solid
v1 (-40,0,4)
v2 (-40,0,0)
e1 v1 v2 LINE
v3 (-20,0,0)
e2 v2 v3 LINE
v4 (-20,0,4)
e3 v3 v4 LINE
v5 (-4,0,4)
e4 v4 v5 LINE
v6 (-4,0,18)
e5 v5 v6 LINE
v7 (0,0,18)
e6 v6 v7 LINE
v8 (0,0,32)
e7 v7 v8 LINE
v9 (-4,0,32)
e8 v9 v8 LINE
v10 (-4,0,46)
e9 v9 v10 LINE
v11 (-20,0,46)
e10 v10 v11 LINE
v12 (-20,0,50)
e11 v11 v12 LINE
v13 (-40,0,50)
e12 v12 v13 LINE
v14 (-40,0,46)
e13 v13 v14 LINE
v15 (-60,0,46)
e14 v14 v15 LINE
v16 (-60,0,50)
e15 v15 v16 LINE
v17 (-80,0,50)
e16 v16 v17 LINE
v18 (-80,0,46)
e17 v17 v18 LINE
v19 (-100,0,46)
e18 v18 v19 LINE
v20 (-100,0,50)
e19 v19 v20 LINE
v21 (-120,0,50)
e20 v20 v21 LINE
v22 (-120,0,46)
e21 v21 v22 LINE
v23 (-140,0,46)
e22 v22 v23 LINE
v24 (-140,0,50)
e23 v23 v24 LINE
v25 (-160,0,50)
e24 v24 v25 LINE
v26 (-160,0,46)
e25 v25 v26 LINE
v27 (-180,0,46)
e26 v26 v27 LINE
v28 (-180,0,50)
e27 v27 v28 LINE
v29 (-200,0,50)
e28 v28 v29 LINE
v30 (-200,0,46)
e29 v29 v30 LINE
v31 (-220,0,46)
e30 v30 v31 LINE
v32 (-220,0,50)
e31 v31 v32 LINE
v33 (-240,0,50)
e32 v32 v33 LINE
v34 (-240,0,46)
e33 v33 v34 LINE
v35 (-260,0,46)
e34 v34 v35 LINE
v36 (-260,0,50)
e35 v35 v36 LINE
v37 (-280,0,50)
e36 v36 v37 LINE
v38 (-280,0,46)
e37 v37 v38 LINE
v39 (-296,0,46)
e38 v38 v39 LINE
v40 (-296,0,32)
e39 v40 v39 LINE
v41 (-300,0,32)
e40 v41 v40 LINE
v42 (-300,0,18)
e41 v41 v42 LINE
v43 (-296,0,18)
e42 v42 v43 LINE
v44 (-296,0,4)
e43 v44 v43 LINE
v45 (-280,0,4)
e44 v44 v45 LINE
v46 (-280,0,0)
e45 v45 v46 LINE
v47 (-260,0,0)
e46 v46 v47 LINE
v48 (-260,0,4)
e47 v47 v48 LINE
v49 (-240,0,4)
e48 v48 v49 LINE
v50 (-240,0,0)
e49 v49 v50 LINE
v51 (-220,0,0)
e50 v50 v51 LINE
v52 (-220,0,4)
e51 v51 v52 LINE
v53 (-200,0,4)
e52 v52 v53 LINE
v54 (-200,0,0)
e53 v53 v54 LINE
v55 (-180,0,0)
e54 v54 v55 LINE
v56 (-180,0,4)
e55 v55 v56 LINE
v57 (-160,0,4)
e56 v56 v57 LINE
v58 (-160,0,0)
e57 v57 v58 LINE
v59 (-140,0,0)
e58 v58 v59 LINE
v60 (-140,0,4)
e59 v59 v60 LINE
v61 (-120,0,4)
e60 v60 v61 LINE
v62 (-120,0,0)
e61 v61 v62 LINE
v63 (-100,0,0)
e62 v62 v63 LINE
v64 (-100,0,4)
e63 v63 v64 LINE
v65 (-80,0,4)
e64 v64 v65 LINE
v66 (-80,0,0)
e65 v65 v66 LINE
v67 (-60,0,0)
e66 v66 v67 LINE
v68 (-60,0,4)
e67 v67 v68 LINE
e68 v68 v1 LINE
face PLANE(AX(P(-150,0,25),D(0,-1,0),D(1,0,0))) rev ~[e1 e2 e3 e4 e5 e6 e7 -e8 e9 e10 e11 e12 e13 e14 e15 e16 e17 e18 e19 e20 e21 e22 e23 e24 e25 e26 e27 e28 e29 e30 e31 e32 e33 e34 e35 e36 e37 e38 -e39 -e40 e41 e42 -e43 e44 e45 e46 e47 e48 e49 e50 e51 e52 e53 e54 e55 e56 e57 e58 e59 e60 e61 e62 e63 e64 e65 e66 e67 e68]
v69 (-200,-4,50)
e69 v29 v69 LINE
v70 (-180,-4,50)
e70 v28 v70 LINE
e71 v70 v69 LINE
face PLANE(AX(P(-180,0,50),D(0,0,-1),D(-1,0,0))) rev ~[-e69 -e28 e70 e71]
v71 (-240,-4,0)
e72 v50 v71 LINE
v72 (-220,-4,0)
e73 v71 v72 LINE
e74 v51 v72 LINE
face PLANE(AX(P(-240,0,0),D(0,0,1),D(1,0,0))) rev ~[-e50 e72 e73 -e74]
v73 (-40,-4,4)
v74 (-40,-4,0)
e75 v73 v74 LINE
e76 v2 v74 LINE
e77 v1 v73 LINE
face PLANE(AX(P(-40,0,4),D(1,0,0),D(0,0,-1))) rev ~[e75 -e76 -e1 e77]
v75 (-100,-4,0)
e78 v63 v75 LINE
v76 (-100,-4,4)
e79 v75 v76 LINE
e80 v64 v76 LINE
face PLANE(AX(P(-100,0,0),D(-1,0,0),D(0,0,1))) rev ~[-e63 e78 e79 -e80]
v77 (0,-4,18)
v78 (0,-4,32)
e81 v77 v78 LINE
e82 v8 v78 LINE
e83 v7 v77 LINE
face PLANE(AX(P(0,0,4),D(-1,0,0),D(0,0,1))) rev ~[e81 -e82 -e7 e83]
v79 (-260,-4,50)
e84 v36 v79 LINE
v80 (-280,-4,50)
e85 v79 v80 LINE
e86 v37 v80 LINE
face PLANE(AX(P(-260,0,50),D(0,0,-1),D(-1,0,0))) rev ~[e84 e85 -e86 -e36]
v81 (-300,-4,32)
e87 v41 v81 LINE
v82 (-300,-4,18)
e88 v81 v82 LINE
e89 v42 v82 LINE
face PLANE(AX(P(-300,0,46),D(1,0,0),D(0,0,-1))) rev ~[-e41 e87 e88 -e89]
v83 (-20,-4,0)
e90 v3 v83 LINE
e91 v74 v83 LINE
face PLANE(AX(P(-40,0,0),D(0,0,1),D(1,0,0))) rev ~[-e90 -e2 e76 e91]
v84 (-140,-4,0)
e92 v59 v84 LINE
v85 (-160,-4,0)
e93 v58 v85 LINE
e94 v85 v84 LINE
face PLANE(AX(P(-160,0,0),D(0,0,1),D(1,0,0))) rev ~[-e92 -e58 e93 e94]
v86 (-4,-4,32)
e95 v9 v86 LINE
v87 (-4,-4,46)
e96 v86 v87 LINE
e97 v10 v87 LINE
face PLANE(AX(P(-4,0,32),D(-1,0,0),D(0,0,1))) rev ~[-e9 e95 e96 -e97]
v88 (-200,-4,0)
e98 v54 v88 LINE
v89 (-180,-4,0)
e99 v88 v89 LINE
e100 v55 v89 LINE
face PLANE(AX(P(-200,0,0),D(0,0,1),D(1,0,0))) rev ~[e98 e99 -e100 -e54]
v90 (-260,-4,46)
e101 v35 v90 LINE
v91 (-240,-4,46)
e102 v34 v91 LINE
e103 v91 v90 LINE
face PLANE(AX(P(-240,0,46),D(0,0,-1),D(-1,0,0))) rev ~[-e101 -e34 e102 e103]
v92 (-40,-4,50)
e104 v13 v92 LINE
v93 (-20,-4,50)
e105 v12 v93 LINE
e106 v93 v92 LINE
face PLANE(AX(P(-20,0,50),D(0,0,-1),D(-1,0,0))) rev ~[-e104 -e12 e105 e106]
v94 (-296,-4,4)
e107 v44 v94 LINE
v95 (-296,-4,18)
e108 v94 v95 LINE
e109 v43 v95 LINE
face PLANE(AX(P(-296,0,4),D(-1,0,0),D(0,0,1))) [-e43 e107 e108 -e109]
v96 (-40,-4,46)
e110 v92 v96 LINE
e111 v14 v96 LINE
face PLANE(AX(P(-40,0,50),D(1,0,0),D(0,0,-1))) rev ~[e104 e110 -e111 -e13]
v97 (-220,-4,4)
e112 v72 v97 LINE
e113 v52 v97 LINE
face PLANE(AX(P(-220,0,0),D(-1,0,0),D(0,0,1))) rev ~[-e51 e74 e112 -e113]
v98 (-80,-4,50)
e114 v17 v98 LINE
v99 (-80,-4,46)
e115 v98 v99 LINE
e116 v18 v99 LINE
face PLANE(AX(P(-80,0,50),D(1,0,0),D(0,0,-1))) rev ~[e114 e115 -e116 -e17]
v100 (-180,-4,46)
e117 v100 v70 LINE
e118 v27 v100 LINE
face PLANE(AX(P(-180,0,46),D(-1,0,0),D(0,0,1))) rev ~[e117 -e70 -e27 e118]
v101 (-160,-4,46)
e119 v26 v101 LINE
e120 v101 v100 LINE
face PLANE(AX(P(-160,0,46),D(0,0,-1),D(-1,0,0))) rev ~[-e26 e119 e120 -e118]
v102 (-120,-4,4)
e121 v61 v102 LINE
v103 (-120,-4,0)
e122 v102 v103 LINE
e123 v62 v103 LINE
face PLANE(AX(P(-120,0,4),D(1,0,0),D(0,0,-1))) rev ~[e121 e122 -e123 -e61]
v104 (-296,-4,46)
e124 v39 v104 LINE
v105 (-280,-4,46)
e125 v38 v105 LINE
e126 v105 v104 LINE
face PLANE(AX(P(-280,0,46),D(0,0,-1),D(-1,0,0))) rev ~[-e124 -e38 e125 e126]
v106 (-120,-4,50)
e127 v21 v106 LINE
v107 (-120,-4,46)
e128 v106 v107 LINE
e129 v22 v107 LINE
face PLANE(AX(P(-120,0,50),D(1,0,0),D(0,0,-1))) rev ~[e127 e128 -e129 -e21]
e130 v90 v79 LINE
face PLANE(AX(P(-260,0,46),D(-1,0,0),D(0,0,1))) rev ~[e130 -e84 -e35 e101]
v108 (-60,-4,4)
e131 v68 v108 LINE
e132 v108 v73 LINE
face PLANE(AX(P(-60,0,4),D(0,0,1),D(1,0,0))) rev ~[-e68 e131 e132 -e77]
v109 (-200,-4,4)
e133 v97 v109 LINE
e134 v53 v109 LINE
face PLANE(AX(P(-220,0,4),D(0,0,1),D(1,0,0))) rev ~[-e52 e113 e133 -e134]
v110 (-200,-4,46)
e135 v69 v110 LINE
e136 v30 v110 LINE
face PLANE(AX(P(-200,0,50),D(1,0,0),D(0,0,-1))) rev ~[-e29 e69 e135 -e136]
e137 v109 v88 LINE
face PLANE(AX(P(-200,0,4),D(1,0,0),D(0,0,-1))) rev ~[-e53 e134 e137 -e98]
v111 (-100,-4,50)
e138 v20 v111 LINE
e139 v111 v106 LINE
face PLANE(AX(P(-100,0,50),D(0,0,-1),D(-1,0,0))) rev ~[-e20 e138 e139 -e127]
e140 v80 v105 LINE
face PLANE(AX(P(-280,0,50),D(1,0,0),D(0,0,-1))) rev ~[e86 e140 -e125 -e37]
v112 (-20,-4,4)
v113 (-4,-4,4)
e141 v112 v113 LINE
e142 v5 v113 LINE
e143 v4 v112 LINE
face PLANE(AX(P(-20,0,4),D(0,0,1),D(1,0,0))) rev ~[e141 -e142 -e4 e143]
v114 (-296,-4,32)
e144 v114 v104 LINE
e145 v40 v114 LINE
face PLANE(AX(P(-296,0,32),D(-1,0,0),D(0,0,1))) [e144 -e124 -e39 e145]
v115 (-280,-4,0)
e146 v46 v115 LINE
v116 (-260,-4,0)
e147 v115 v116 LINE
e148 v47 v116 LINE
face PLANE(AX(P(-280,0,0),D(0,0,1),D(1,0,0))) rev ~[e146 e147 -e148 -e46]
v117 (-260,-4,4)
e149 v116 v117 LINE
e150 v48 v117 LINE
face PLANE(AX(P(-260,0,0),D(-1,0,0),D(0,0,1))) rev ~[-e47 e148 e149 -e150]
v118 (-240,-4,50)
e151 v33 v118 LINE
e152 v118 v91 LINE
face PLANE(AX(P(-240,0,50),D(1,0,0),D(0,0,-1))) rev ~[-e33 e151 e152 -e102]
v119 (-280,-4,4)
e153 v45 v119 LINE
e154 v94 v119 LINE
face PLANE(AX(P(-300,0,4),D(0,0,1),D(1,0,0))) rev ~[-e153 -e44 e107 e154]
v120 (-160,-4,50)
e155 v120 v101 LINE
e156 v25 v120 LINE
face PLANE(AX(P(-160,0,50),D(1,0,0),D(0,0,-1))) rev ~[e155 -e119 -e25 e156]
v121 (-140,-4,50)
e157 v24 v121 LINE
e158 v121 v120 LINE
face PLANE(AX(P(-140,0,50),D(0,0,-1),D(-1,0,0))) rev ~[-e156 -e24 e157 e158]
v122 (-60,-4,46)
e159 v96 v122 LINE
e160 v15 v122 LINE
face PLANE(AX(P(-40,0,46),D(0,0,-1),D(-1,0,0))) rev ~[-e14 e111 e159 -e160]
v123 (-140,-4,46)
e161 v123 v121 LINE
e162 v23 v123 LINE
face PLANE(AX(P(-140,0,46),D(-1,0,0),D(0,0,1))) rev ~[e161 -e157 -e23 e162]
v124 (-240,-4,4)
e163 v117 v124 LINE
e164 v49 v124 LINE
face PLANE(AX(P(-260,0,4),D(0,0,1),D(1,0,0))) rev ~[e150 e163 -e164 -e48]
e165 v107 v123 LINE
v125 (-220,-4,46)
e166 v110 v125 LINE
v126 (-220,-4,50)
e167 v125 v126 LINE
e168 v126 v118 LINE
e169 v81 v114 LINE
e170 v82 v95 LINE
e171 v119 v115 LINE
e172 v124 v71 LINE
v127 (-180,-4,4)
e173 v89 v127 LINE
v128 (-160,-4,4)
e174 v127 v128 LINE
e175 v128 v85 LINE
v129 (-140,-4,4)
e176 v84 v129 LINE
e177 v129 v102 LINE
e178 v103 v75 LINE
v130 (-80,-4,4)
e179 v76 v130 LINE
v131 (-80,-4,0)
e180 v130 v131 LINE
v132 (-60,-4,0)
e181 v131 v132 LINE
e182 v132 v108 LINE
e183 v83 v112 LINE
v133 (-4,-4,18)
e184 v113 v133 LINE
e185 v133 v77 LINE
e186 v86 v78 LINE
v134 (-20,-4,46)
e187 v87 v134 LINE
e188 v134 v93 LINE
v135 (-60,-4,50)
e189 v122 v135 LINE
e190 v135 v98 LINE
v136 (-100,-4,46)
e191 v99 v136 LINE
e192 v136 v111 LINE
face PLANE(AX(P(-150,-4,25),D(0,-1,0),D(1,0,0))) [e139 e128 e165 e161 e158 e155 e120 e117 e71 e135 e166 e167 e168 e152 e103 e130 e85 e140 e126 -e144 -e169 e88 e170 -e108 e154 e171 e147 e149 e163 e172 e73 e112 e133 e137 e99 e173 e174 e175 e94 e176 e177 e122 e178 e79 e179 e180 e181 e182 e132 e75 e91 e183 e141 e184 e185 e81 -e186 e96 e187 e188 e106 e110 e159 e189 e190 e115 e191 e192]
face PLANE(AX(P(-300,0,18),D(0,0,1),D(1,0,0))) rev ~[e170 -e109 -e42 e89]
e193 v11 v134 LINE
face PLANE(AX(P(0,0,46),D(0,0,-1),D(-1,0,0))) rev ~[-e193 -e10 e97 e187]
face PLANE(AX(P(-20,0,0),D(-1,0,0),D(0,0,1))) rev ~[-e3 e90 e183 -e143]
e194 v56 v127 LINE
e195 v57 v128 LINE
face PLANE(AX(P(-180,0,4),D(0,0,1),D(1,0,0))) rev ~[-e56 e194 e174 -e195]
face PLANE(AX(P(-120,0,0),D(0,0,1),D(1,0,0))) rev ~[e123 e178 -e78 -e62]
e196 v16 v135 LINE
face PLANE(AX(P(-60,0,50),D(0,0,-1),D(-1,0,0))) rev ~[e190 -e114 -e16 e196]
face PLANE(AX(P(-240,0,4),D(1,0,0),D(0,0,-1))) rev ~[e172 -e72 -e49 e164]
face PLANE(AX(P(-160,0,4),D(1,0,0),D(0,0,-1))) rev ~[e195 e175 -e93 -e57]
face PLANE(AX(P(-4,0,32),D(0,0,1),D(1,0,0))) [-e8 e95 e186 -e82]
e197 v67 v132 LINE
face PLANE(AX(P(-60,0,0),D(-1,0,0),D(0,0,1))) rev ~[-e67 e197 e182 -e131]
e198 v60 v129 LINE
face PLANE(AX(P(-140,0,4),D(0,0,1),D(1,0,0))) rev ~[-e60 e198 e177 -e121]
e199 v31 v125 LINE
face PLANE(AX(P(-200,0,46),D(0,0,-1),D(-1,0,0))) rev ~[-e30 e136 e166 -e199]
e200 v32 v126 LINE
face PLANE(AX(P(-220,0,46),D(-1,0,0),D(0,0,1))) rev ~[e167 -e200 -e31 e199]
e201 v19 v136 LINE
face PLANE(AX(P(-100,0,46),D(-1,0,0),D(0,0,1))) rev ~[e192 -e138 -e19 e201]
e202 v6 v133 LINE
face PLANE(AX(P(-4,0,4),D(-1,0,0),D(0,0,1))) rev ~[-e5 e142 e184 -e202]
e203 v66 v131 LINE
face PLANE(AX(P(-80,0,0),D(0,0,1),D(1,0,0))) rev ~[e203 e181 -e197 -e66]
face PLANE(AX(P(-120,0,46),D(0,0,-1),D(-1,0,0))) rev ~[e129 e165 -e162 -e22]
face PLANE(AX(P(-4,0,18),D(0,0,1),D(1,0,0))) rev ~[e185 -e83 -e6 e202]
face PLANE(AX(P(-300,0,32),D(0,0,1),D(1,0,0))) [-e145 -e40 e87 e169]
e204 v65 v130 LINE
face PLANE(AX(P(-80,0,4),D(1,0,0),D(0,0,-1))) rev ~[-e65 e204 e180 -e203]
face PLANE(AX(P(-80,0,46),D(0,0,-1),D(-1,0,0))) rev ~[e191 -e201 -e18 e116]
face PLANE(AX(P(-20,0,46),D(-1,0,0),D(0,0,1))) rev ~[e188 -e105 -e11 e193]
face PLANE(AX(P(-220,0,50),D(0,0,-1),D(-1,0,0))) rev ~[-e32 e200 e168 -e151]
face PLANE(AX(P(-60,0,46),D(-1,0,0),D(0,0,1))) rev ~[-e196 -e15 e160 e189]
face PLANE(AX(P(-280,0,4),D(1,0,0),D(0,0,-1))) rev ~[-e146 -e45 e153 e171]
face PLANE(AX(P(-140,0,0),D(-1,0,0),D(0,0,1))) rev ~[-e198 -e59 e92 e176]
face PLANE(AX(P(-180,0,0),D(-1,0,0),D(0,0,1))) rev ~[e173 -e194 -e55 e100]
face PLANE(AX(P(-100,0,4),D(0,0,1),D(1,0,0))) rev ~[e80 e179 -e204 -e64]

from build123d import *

# Parameters (mm, degrees)
F1_DEPTH = 4
F2_W     = 4
F2_H     = 14
F3_DEPTH = 4


with BuildPart() as f1:
    # F0 (on Front) → F1 (new body)
    with BuildSketch(Plane.XZ):
        Polygon((-40, 0), (-20, 0), (-20, 4), (0, 4), (0, 46), (-20, 46), (-20, 50), (-40, 50), (-40, 46), (-60, 46), (-60, 50), (-80, 50), (-80, 46), (-100, 46), (-100, 50), (-120, 50), (-120, 46), (-140, 46), (-140, 50), (-160, 50), (-160, 46), (-180, 46), (-180, 50), (-200, 50), (-200, 46), (-220, 46), (-220, 50), (-240, 50), (-240, 46), (-260, 46), (-260, 50), (-280, 50), (-280, 46), (-300, 46), (-300, 4), (-280, 4), (-280, 0), (-260, 0), (-260, 4), (-240, 4), (-240, 0), (-220, 0), (-220, 4), (-200, 4), (-200, 0), (-180, 0), (-180, 4), (-160, 4), (-160, 0), (-140, 0), (-140, 4), (-120, 4), (-120, 0), (-100, 0), (-100, 4), (-80, 4), (-80, 0), (-60, 0), (-60, 4), (-40, 4), align=None)
    extrude(amount=F1_DEPTH)

    # F2 (on Front) → F3 (cut)
    with BuildSketch(Plane.XZ):
        with Locations((-2, 39)):
            Rectangle(F2_W, F2_H)
        with Locations((-2, 11)):
            Rectangle(F2_W, F2_H)
        with Locations((-298, 11)):
            Rectangle(F2_W, F2_H)
        with Locations((-298, 39)):
            Rectangle(F2_W, F2_H)
    extrude(amount=F3_DEPTH, mode=Mode.SUBTRACT)


solid = f1.part
